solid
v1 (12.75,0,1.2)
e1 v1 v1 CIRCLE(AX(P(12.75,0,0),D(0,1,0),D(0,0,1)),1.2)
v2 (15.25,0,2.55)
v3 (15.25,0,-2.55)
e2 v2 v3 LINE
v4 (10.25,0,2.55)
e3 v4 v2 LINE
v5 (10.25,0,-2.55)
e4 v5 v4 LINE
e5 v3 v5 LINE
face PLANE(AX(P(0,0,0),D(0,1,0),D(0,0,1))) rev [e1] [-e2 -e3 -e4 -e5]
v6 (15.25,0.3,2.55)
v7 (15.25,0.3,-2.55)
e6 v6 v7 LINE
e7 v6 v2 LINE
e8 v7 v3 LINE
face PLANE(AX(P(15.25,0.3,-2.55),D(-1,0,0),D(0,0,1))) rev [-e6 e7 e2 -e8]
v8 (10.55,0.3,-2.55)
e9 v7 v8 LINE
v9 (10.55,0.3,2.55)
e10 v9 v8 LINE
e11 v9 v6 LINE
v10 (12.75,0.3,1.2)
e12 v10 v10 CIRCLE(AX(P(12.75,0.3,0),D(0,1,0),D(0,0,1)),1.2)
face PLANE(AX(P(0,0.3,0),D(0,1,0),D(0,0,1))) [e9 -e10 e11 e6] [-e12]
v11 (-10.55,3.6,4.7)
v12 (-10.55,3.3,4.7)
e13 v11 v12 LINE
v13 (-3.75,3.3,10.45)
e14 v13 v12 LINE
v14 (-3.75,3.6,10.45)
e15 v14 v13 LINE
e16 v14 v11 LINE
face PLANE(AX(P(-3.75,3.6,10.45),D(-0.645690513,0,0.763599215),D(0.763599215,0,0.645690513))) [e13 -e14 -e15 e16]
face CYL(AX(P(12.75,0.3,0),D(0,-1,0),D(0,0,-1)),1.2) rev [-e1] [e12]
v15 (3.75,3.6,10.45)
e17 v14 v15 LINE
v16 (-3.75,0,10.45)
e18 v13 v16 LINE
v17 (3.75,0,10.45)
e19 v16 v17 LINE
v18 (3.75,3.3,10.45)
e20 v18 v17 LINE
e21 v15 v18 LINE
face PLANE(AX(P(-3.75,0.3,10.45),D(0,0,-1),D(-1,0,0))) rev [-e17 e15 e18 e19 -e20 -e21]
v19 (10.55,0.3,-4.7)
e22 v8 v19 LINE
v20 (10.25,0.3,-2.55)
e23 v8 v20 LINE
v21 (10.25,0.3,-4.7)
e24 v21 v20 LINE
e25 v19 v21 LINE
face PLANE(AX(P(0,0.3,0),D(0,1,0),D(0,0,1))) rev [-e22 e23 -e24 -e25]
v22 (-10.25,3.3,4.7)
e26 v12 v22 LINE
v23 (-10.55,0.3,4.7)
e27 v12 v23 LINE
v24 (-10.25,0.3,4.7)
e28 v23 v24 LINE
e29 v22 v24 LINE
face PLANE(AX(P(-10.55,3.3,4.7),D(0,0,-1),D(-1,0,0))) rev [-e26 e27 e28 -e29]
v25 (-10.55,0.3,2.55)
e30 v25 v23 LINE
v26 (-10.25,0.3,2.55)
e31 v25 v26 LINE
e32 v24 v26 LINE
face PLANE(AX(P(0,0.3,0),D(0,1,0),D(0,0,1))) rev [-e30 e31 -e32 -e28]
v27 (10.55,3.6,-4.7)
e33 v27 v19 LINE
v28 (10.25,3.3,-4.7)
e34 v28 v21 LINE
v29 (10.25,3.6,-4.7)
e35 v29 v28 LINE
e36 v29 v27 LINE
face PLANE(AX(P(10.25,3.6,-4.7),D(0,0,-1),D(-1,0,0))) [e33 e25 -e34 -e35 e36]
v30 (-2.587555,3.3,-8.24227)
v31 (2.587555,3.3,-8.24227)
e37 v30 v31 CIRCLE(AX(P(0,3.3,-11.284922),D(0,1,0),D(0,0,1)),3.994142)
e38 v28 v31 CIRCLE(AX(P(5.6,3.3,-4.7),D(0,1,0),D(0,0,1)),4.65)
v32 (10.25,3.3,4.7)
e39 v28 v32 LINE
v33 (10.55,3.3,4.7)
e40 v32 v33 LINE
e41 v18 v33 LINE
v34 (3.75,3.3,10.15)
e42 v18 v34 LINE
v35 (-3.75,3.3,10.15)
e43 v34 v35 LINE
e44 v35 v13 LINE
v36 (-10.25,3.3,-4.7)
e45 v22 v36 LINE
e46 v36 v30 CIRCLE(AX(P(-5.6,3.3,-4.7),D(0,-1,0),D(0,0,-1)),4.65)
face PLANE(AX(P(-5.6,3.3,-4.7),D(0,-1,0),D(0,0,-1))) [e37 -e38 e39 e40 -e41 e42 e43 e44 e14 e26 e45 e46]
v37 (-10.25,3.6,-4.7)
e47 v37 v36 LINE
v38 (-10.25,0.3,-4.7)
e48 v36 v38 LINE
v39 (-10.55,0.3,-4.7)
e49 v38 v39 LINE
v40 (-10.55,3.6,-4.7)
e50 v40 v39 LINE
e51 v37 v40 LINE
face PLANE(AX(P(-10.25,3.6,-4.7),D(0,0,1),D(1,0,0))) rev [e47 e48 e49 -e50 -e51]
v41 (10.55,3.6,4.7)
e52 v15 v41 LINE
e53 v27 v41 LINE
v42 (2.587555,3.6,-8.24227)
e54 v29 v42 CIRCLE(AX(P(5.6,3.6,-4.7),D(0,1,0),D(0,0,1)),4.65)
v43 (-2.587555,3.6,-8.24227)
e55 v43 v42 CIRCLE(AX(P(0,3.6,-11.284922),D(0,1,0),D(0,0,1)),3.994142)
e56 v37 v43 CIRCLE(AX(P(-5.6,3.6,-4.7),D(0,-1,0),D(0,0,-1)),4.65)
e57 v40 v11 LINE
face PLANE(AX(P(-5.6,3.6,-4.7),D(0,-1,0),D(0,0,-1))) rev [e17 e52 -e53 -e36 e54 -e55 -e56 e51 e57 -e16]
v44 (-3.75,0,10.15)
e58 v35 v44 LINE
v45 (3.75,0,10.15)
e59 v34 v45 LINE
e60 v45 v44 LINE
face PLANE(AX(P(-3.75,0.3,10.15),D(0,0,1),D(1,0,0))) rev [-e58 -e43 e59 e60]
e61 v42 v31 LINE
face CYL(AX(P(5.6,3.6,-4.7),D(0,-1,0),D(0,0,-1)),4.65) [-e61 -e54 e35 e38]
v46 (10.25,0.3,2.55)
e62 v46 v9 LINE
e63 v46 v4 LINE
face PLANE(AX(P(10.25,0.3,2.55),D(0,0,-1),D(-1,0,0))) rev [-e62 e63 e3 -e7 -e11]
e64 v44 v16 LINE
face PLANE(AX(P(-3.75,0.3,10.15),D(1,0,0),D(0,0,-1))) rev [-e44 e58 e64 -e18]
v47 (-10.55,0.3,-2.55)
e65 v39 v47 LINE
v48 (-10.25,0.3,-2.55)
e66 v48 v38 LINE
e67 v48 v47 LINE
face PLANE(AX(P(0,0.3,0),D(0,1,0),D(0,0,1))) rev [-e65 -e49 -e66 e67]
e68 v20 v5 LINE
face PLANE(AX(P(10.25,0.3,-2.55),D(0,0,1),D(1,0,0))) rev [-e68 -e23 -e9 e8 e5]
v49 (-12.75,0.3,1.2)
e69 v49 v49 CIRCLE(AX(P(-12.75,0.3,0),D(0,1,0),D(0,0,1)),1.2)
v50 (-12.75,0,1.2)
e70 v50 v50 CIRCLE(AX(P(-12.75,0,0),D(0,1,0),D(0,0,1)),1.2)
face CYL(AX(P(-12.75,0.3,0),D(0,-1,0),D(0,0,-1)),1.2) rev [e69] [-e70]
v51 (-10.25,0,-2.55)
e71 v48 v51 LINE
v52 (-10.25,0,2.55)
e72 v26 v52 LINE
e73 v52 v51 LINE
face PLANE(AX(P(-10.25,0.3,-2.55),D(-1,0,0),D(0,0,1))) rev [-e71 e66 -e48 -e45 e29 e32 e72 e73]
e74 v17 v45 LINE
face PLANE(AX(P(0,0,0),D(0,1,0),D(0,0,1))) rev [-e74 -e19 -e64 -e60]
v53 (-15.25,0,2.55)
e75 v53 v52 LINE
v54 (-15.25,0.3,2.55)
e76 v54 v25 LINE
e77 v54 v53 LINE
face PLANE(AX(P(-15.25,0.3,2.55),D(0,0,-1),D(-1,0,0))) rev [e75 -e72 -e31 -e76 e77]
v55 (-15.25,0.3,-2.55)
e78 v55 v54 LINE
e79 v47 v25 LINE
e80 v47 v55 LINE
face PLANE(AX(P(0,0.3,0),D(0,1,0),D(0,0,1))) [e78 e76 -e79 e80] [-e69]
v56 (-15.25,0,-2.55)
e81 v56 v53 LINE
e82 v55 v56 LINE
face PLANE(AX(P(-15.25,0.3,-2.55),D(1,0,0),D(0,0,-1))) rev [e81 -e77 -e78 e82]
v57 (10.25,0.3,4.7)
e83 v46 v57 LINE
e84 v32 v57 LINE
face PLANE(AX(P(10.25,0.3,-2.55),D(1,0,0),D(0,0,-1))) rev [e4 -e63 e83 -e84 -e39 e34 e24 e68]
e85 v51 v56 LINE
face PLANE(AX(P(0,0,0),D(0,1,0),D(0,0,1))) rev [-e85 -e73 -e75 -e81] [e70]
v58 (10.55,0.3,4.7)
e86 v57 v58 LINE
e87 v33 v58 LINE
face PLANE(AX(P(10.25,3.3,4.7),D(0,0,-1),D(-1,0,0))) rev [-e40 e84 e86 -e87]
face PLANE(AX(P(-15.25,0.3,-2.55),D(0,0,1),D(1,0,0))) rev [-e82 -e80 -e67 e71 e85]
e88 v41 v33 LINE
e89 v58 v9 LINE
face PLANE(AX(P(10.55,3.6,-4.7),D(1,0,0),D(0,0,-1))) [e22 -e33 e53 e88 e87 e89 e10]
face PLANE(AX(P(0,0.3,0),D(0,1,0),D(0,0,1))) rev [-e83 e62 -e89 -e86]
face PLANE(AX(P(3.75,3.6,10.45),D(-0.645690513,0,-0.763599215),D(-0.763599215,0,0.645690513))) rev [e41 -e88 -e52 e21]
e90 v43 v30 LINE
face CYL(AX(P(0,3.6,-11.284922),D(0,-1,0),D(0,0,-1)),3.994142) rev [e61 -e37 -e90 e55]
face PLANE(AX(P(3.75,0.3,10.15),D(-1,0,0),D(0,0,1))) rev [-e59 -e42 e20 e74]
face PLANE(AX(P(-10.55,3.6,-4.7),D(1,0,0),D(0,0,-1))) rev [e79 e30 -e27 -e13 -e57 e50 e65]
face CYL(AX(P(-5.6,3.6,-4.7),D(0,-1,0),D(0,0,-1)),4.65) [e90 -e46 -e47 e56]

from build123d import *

# Parameters (mm, degrees)
SKETCH1_W             = 5
SKETCH1_H             = 5.1
SKETCH1_R             = 1.2
BOSS_EXTRUDE1_DEPTH   = 0.3
BOSS_EXTRUDE1_2_DEPTH = 0.3
SKETCH1_W_2           = 7.5
SKETCH1_H_2           = 0.3
BOSS_EXTRUDE1_3_DEPTH = 0.3
SKETCH2_W             = 0.3
SKETCH2_H             = 9.4
SKETCH2_W_2           = 7.5
SKETCH2_H_2           = 0.3
BOSS_EXTRUDE2_DEPTH   = 3
BOSS_EXTRUDE3_DEPTH   = 0.3


with BuildPart() as part:
    # Sketch1 → Boss-Extrude1 (new body)
    with BuildSketch(Plane(origin=(0, 0, 0), x_dir=(1, 0, 0), z_dir=(0, 1, 0))):
        with Locations((-12.75, 0)):
            Rectangle(SKETCH1_W, SKETCH1_H)
        with Locations(Location((-12.75, 0, 0), (0, 0, 270))):
            Circle(SKETCH1_R, mode=Mode.SUBTRACT)
    extrude(amount=BOSS_EXTRUDE1_DEPTH)



with BuildPart() as body_2:
    # Sketch1 → Boss-Extrude1 2 (new body)
    with BuildSketch(Plane(origin=(0, 0, 0), x_dir=(1, 0, 0), z_dir=(0, 1, 0))):
        with Locations((12.75, 0)):
            Rectangle(SKETCH1_W, SKETCH1_H)
        with Locations(Location((12.75, 0, 0), (0, 0, 270))):
            Circle(SKETCH1_R, mode=Mode.SUBTRACT)
    extrude(amount=BOSS_EXTRUDE1_2_DEPTH)


with BuildPart() as body_3:
    # Sketch1 → Boss-Extrude1 3 (new body)
    with BuildSketch(Plane(origin=(0, 0, 0), x_dir=(1, 0, 0), z_dir=(0, 1, 0))):
        with Locations((0, -10.3)):
            Rectangle(SKETCH1_W_2, SKETCH1_H_2)
    extrude(amount=BOSS_EXTRUDE1_3_DEPTH)


with BuildPart() as part_1:
    add(part.part)

    add(body_2.part)  # Boss-Extrude2 merges body 2

    add(body_3.part)  # Boss-Extrude2 merges body 3
    # Sketch2 → Boss-Extrude2 (add)
    with BuildSketch(Plane(origin=(0, 0.3, 0), x_dir=(1, 0, 0), z_dir=(0, 1, 0))):
        with Locations((-10.4, 0)):
            Rectangle(SKETCH2_W, SKETCH2_H)
        with Locations((10.4, 0)):
            Rectangle(SKETCH2_W, SKETCH2_H)
        with Locations((0, -10.3)):
            Rectangle(SKETCH2_W_2, SKETCH2_H_2)
    extrude(amount=BOSS_EXTRUDE2_DEPTH)

    # Sketch3 → Boss-Extrude3 (add)
    with BuildSketch(Plane(origin=(0, 3.3, 0), x_dir=(1, 0, 0), z_dir=(0, 1, 0))):
        with BuildLine():
            Line((-3.75, -10.45), (-10.55, -4.7))
            Line((-10.55, -4.7), (-10.55, 4.7))
            Line((-10.55, 4.7), (-10.25, 4.7))
            ThreePointArc((-10.25, 4.7), (-7.551234557, 8.92080368), (-2.587555397, 8.242270108))
            ThreePointArc((-2.587555397, 8.242270108), (0, 7.290779594), (2.587555397, 8.242270108))
            ThreePointArc((2.587555397, 8.242270108), (7.551234557, 8.92080368), (10.25, 4.7))
            Line((10.25, 4.7), (10.55, 4.7))
            Line((10.55, 4.7), (10.55, -4.7))
            Line((10.55, -4.7), (3.75, -10.45))
            Line((3.75, -10.45), (-3.75, -10.45))
        make_face()
    extrude(amount=BOSS_EXTRUDE3_DEPTH)


solid = part_1.part
